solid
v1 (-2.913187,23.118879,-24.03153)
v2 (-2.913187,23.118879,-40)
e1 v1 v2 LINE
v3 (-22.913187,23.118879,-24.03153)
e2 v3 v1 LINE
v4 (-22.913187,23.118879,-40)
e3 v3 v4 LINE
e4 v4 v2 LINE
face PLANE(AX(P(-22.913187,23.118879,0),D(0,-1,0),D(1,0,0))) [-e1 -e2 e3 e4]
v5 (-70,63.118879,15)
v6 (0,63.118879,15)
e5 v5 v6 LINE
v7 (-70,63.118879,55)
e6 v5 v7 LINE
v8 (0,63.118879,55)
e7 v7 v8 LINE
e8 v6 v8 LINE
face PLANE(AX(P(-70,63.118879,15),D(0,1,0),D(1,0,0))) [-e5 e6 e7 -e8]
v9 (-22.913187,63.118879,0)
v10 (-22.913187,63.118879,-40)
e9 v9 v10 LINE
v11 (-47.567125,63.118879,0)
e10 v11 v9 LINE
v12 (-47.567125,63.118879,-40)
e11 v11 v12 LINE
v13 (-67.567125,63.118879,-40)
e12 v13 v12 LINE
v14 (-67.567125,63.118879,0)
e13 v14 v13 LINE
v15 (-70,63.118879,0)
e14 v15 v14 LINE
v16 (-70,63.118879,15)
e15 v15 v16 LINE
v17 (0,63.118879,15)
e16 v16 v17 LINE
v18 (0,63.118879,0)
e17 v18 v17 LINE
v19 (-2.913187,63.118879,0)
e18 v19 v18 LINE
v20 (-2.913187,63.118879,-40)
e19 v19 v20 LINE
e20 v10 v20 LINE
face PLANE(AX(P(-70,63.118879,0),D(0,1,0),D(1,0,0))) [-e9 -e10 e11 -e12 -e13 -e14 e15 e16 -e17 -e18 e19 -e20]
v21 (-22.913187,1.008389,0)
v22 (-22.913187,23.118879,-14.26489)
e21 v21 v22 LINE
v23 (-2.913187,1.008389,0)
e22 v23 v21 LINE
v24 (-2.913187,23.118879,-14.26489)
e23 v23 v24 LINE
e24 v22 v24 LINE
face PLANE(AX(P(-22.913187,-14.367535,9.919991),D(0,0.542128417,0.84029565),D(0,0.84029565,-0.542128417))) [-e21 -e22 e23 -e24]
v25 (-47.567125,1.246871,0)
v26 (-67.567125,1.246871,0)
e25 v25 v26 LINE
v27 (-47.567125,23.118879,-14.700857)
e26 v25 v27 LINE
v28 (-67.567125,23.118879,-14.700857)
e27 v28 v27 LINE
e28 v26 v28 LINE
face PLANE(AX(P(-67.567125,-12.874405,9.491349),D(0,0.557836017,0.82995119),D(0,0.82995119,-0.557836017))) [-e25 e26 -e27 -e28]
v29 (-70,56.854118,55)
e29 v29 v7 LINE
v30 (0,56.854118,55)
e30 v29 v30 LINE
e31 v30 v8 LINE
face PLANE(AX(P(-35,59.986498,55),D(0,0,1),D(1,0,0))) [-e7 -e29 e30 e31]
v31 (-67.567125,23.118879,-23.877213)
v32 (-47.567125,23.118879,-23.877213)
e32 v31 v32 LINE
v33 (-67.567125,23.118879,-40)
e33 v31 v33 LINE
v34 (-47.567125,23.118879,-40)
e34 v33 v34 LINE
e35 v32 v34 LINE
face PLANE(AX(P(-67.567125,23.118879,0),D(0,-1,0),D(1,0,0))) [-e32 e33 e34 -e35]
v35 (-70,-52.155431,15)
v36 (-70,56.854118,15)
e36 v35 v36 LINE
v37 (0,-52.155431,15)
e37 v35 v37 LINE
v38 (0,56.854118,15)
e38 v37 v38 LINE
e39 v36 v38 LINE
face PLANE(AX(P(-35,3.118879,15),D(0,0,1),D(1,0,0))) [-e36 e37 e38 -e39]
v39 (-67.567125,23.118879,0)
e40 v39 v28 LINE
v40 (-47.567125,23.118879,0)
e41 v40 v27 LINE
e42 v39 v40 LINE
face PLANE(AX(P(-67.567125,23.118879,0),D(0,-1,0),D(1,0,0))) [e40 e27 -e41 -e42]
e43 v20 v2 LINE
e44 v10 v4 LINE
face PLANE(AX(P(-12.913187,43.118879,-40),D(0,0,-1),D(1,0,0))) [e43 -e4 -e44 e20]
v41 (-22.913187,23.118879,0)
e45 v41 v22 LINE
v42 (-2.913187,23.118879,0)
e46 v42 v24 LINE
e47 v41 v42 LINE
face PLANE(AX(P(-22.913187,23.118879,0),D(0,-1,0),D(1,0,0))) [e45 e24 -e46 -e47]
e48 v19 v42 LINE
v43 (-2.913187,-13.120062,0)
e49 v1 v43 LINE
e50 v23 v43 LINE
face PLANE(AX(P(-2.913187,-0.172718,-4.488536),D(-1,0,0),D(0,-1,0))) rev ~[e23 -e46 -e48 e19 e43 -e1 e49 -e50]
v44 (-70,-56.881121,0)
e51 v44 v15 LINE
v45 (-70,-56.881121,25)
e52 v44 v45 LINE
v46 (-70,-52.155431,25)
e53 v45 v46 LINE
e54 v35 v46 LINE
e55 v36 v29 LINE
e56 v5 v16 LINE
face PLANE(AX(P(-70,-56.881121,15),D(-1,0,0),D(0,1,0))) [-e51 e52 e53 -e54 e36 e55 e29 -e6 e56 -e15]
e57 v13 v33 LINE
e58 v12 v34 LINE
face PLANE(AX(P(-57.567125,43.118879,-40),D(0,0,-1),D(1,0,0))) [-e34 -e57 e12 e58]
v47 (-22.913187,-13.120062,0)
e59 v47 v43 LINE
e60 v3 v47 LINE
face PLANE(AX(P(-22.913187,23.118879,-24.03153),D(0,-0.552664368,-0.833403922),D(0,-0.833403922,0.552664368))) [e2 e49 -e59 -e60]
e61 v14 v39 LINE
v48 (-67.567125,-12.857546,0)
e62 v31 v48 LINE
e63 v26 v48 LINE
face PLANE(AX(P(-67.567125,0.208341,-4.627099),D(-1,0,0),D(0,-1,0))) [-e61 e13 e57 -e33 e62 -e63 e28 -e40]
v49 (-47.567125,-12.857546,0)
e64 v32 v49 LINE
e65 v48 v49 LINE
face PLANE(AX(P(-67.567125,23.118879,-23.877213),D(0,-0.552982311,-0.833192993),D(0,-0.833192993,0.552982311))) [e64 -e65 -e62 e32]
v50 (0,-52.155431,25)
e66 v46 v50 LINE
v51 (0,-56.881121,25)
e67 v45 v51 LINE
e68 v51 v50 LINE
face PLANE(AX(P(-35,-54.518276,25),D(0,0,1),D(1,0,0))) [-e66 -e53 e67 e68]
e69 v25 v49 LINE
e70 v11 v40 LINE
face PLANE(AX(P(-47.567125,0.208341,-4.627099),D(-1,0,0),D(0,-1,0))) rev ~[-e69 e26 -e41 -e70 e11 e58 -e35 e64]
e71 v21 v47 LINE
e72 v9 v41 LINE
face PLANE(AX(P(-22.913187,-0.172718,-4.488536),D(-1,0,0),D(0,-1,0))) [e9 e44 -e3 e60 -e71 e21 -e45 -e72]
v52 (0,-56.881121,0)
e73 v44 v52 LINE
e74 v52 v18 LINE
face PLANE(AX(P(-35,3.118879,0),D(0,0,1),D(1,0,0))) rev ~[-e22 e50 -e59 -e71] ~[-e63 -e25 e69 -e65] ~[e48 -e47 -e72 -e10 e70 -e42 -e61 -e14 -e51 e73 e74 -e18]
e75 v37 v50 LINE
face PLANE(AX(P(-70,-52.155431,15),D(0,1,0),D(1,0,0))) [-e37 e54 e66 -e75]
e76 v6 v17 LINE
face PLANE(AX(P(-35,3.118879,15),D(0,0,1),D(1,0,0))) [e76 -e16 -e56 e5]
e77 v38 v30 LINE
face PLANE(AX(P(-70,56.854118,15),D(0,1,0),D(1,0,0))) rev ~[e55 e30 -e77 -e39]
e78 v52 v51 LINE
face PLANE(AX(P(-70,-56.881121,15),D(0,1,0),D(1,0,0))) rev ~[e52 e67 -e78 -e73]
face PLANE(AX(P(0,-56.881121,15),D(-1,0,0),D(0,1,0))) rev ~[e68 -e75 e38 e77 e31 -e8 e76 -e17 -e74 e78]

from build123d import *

# Parameters (mm, degrees)
F0_W      = 70
F0_H      = 120
F1_DEPTH  = 15
F2_W      = 20
F2_H      = 40
F3_DEPTH  = 40
F4_W      = 20
F4_H      = 40
F5_DEPTH  = 40
F7_DEPTH  = 20
F9_DEPTH  = 20
F10_W     = 70
F10_H     = 4.72569
F11_DEPTH = 10
F12_W     = 70
F12_H     = 6.264761
F13_DEPTH = 40


with BuildPart() as f1:
    # F0 (on Top) → F1 (new body)
    with BuildSketch(Plane.XY):
        with Locations((-35, 3.118879)):
            Rectangle(F0_W, F0_H)
    extrude(amount=F1_DEPTH)

    # F2 (on face) → F3 (join)
    with BuildSketch(Plane(origin=(0, 0, 0), x_dir=(1, 0, 0), z_dir=(0, 0, -1))):
        with Locations((-57.567125, -43.118879)):
            Rectangle(F2_W, F2_H)
    extrude(amount=F3_DEPTH)

    # F4 (on face) → F5 (join)
    with BuildSketch(Plane(origin=(0, 0, 0), x_dir=(1, 0, 0), z_dir=(0, 0, -1))):
        with Locations((-12.913187, -43.118879)):
            Rectangle(F4_W, F4_H)
    extrude(amount=F5_DEPTH)

    # F6 (on face) → F7 (join)
    with BuildSketch(Plane(origin=(-22.913187, 0, 0), x_dir=(0, -1, 0), z_dir=(-1, 0, 0))):
        Polygon((14.367535, 9.919991), (-23.118879, -14.26489), (-23.118879, -24.03153), (28.079158, 9.919991), align=None)
    extrude(amount=-F7_DEPTH)

    # F8 (on face) → F9 (join)
    with BuildSketch(Plane(origin=(-67.567125, 0, 0), x_dir=(0, -1, 0), z_dir=(-1, 0, 0))):
        Polygon((12.874405, 9.491349), (-23.118879, -14.700857), (-23.118879, -23.877213), (27.158411, 9.491349), (23.587411, 9.491349), align=None)
    extrude(amount=-F9_DEPTH)

    # F10 (on face) → F11 (join)
    with BuildSketch(Plane.XY.offset(15)):
        with Locations((-35, -54.518276)):
            Rectangle(F10_W, F10_H)
    extrude(amount=F11_DEPTH)

    # F12 (on face) → F13 (join)
    with BuildSketch(Plane.XY.offset(15)):
        with Locations((-35, 59.986498)):
            Rectangle(F12_W, F12_H)
    extrude(amount=F13_DEPTH)


solid = f1.part
